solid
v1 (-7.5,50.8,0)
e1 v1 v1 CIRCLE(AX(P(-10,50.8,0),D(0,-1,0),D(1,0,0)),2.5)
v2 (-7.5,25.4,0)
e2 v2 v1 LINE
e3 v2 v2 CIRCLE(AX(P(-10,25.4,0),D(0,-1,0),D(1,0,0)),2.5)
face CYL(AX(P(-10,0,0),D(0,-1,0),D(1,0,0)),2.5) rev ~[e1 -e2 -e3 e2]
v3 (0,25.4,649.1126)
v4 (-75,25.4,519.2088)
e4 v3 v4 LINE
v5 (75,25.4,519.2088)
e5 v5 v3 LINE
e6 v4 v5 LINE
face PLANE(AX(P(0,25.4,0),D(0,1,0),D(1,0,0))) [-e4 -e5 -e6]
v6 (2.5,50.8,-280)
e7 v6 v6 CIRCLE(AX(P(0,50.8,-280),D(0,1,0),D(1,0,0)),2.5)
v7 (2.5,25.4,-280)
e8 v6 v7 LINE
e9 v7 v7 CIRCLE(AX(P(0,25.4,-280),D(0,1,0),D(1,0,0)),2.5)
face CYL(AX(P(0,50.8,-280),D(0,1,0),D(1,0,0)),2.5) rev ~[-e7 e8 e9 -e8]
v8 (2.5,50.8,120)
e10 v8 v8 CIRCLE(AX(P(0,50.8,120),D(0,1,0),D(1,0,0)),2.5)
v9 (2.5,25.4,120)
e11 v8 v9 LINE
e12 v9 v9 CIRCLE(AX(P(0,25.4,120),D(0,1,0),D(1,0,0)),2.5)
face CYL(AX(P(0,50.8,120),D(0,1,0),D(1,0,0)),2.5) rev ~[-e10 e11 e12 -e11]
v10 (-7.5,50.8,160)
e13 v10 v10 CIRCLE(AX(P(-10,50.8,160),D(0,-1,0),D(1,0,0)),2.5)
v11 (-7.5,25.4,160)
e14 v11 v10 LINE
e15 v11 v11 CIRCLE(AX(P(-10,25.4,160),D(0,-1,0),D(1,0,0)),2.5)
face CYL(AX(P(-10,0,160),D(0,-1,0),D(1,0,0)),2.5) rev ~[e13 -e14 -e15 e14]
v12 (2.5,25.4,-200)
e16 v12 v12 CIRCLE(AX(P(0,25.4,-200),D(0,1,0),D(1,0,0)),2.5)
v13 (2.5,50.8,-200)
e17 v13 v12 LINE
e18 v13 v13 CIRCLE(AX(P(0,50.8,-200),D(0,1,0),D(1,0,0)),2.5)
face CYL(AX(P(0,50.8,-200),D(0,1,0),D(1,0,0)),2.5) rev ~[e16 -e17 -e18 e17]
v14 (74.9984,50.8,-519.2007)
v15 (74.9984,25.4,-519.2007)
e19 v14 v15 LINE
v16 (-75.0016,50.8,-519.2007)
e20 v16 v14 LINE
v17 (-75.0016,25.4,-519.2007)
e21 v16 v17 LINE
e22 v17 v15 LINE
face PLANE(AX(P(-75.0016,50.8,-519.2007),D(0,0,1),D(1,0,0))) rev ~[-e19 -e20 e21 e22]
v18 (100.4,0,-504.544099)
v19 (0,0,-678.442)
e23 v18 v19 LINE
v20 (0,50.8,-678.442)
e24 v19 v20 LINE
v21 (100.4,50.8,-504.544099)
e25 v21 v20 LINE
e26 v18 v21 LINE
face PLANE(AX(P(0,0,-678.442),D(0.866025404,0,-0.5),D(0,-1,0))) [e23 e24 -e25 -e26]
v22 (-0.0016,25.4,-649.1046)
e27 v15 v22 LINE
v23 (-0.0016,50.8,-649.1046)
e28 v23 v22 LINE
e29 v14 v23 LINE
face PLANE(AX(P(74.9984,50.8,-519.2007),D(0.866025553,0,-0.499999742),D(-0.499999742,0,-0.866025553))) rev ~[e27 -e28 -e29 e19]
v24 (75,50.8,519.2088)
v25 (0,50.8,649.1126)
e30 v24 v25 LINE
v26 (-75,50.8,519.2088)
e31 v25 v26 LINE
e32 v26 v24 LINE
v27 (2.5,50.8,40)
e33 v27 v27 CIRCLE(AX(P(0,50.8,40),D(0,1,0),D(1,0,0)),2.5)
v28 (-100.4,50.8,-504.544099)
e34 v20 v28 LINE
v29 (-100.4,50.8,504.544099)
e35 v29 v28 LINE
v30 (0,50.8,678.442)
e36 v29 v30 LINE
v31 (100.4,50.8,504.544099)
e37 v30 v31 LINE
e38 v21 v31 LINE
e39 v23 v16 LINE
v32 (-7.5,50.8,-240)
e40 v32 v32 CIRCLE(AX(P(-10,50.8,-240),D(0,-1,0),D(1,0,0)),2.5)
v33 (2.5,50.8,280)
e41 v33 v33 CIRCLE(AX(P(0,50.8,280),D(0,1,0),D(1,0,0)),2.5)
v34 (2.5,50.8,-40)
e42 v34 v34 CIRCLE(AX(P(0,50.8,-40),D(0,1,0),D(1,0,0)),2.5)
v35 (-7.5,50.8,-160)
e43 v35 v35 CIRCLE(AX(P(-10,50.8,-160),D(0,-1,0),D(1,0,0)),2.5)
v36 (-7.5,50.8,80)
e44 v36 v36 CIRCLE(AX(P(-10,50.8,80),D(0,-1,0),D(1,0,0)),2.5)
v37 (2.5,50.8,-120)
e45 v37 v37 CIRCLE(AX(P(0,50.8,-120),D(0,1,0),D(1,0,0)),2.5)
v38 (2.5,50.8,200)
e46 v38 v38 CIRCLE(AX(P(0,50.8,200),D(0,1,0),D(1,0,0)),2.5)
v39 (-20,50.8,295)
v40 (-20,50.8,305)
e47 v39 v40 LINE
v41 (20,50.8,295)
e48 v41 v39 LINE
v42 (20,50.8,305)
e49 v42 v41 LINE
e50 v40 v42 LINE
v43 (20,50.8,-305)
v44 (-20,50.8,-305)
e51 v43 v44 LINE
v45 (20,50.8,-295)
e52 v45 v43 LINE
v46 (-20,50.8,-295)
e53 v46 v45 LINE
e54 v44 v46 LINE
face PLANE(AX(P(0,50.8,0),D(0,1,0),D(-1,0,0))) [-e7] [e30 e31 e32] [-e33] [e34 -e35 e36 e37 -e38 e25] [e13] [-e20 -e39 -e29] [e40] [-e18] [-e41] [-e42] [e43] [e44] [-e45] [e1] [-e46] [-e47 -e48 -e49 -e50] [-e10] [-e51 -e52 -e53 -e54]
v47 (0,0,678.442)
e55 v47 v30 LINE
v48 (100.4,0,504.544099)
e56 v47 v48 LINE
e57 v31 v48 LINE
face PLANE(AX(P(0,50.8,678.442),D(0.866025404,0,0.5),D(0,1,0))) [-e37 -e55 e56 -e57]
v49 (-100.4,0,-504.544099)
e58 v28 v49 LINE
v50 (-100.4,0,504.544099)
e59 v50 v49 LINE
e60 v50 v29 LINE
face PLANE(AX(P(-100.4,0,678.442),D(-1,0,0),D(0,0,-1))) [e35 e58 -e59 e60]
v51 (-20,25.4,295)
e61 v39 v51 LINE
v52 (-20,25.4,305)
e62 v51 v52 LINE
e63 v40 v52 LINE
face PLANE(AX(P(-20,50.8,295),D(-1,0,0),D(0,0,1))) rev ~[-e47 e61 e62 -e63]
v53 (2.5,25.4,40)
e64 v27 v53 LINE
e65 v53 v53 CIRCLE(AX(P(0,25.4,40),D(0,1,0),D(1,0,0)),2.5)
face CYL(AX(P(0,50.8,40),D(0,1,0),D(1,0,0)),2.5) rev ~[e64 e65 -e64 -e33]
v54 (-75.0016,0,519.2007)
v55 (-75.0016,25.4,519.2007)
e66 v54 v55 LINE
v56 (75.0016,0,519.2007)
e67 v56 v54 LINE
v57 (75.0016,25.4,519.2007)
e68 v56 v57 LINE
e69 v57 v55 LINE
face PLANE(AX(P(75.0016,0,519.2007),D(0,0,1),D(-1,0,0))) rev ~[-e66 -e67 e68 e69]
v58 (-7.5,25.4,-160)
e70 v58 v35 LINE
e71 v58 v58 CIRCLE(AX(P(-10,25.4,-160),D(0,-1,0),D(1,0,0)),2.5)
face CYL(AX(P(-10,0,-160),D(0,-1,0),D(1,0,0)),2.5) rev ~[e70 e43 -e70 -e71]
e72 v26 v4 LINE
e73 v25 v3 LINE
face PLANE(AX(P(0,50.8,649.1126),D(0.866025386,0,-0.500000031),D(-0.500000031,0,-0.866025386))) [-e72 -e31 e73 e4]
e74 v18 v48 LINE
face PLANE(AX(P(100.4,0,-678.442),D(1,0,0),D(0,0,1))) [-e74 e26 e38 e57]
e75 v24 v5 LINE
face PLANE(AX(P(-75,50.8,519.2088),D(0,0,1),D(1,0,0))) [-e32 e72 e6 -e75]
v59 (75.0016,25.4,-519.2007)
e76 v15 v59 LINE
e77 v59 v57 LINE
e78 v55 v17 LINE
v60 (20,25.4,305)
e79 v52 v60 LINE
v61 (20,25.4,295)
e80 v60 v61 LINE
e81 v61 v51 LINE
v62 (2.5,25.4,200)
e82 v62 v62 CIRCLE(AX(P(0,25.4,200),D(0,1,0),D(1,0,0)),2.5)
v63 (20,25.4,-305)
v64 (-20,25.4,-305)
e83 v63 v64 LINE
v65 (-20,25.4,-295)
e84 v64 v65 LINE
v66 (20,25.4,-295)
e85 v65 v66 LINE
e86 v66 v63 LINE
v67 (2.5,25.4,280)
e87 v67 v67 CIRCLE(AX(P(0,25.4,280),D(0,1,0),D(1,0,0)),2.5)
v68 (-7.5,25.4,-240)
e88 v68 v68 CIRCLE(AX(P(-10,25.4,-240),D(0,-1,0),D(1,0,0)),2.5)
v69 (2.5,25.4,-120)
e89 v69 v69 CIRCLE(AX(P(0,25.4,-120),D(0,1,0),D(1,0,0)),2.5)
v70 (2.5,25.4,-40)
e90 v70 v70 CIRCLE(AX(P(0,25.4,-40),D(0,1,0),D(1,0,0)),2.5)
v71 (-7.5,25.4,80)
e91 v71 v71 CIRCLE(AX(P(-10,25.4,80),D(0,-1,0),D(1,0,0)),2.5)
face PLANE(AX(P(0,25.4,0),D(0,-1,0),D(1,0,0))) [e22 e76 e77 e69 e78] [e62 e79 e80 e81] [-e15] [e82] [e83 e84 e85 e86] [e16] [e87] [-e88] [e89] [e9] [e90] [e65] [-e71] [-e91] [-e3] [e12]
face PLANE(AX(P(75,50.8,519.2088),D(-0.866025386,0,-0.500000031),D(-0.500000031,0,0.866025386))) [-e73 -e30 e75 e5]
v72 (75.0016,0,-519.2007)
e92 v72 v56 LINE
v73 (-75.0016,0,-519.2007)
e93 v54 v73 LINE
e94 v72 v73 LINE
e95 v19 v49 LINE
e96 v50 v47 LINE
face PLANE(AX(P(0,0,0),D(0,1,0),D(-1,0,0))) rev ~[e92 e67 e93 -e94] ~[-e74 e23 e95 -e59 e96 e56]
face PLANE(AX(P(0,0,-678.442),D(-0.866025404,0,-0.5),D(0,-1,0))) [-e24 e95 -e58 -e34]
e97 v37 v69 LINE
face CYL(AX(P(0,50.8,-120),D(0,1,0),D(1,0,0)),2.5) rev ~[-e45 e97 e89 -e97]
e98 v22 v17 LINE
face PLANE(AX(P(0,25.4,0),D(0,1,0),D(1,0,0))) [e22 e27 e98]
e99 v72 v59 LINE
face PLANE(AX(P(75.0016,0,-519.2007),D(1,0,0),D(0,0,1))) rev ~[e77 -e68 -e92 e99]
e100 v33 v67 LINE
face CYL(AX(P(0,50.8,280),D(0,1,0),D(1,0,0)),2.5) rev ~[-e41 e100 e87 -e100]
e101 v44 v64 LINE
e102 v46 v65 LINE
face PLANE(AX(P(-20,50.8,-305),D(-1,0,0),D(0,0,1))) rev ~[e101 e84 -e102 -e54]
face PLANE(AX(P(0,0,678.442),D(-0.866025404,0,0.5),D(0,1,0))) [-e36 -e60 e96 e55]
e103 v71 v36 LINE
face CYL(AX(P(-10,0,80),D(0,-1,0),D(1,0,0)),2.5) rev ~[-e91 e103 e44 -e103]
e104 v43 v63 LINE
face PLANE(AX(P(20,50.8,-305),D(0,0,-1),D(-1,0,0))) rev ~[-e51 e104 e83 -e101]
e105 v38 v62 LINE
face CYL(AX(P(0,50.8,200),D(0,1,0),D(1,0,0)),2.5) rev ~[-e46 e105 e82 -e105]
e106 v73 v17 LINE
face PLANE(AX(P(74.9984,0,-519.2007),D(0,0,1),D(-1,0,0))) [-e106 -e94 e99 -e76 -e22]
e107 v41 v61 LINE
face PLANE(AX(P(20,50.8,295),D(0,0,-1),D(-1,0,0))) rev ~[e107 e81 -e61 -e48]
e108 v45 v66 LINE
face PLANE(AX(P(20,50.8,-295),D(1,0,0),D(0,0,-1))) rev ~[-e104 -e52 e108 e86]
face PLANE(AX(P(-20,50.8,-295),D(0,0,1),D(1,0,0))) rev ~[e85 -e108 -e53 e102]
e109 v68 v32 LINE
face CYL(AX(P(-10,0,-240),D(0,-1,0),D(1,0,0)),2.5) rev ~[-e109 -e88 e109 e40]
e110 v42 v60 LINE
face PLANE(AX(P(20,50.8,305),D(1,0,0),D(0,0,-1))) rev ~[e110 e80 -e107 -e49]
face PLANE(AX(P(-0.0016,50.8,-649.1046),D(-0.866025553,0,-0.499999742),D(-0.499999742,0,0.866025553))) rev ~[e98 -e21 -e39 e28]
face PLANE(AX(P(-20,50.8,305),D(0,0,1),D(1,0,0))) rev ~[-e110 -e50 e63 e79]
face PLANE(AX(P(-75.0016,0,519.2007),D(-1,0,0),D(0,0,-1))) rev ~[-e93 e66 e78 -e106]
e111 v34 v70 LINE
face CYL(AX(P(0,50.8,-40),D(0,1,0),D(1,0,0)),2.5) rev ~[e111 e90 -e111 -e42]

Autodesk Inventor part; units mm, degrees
sketch "Sketch1" plane through (0, 0, 0) normal (0, 1, 0) x (-1, 0, 0)
  line L0 (-100.4, 678.442) -> (100.4, 678.442)
  line L1 (100.4, 678.442) -> (100.4, -678.442)
  line L2 (100.4, -678.442) -> (-100.4, -678.442)
  line L3 (-100.4, -678.442) -> (-100.4, 678.442)
  line L4 (-100.4, 678.442) -> (100.4, -678.442) construction
  line L5 (100.4, 678.442) -> (-100.4, -678.442) construction
  point P0 (0, 0)
  dimension "d0" = 200.8
  dimension "d1" = 1356.884
extrude "Extrusion1" add sketch "Sketch1" along normal blind 50.8
sketch "Sketch2" plane through (0, 50.8, 0) normal (0, 1, 0) x (1, 0, 0)
  line L0 (-100.4, -678.442) -> (100.4, -678.442) projected
  line L1 (0, -678.442) -> (-100.4, -504.5441)
  line L2 (0, -678.442) -> (200.8, -678.442) construction
  line L3 (-100.4, -504.5441) -> (100.4, -504.5441)
  line L4 (100.4, -678.442) -> (100.4, 678.442) projected
  line L5 (0, -678.442) -> (100.4, -504.5441)
  line L6 (0, 678.442) -> (-100.4062, 504.5334)
  line L7 (0, 678.442) -> (200.8124, 678.442) construction
  line L8 (-100.4062, 504.5334) -> (100.4, 504.5334)
  line L9 (0, 678.442) -> (100.4, 504.5334)
  point P0 (0, 0)
  dimension "d10" = 150
  dimension "d11" = 150
  dimension "d12" = 60
  dimension "d4" = 200.8
  dimension "d5" = 120
  dimension "d6" = 200.8124
  dimension "d7" = 120
ref_plane "Work Plane1" through (0, 50.8, 678.442) normal (0.866, 0, 0.5) x (0, -1, 0)
split "Split1" plane through (0, 50.8, 678.442) removes the side toward (0.866, 0, 0.5)
ref_plane "Work Plane2" through (0, 0, 678.442) normal (-0.866, 0, 0.5) x (0, 1, 0)
ref_plane "Work Plane3" through (0, 0, -678.442) normal (0.866, 0, 0.5) x (0, 1, 0)
split "Split2" plane through (0, 0, -678.442) removes the side toward (-0.866, 0, -0.5)
split "Split3" plane through (0, 0, 678.442) removes the side toward (-0.866, 0, 0.5)
ref_plane "Work Plane4" through (0, 0, -678.442) normal (0.866, 0, -0.5) x (0, 1, 0)
split "Split4" plane through (0, 0, -678.442) removes the side toward (0.866, 0, -0.5)
sketch "Sketch3" plane through (0, 50.8, 0) normal (0, 1, 0) x (1, 0, 0)
  line L0 (-75, -519.2088) -> (75, -519.2088)
  line L1 (75, -519.2088) -> (0, -649.1126)
  line L2 (0, -649.1126) -> (-75, -519.2088)
  line L3 (-75.0016, 519.2007) -> (74.9984, 519.2007)
  line L4 (74.9984, 519.2007) -> (-0.0016, 649.1046)
  line L5 (-0.0016, 649.1046) -> (-75.0016, 519.2007)
  circle A0 centre (-0.0016, 562.502) radius 43.3013
  circle A1 centre (-0.0016, 562.502) radius 57.9687
  point P0 (0, 0)
  dimension "d6" = 200.8124
  dimension "d7" = 120
  dimension "d8" = 150
  dimension "d9" = 150
  dimension "d10" = 150
  dimension "d11" = 150
  dimension "d12" = 60
sketch "Sketch4" plane through (0, 50.8, 0) normal (0, 1, 0) x (1, 0, 0)
  point P0 (0, 0)
sketch "Sketch5" plane through (0, 50.8, 0) normal (0, 1, 0) x (1, 0, 0)
  point P0 (0, 0)
extrude "Extrusion2" cut sketch "Sketch3" against normal blind 25.4 contours L0 L1 L2
sketch "Sketch6" plane through (0, 50.8, 0) normal (0, 1, 0) x (1, 0, 0)
  line L0 (-75.0016, 519.2007) -> (74.9984, 519.2007)
  line L1 (74.9984, 519.2007) -> (-0.0016, 649.1046)
  line L2 (-0.0016, 649.1046) -> (-75.0016, 519.2007)
  point P0 (0, 0)
  dimension "d15" = 150
  dimension "d16" = 150
extrude "Extrusion3" cut sketch "Sketch6" against normal blind 25.4
sketch "Sketch11" plane through (0, 50.8, 0) normal (0, 1, 0) x (1, 0, 0)
  line L0 (-20, 295) -> (20, 295)
  line L1 (20, 295) -> (20, 305)
  line L2 (20, 305) -> (-20, 305)
  line L3 (-20, 305) -> (-20, 295)
  line L4 (-20, 295) -> (20, 305) construction
  line L5 (20, 295) -> (-20, 305) construction
  point P0 (0, 0)
  point P1 (0, 300)
  dimension "d42" = 40
  dimension "d43" = 10
extrude "Extrusion6" cut sketch "Sketch11" against normal blind 50.8
sketch "Sketch12" plane through (0, 50.8, 0) normal (0, 1, 0) x (1, 0, 0)
  line L0 (-20, -305) -> (20, -305)
  line L1 (20, -305) -> (20, -295)
  line L2 (20, -295) -> (-20, -295)
  line L3 (-20, -295) -> (-20, -305)
  line L4 (-20, -305) -> (20, -295) construction
  line L5 (20, -305) -> (-20, -295) construction
  point P0 (0, 0)
  point P1 (0, -300)
  dimension "d46" = 40
  dimension "d47" = 10
extrude "Extrusion7" cut sketch "Sketch12" against normal blind 50.8
sketch "Sketch13" plane through (0, 50.8, 0) normal (0, 1, 0) x (1, 0, 0)
  circle A0 centre (0, -40) radius 2.5
  circle A1 centre (0, -120) radius 2.5
  circle A2 centre (0, -200) radius 2.5
  circle A3 centre (0, -280) radius 2.5
  circle A4 centre (0, 40) radius 2.5
  circle A5 centre (0, 100) radius 2.5
  circle A6 centre (0, 200) radius 2.5
  point P0 (0, 0)
  dimension "d50" = 5
  dimension "d51" = 5
  dimension "d52" = 5
  dimension "d53" = 5
  dimension "d54" = 5
  dimension "d55" = 5
  dimension "d56" = 5
extrude "Extrusion8" cut sketch "Sketch13" against normal blind 50.8 contours A3
sketch "Sketch14" plane through (0, 50.8, 0) normal (0, 1, 0) x (1, 0, 0)
  circle A0 centre (0, -200) radius 2.5
  point P0 (0, 0)
  dimension "d59" = 5
extrude "Extrusion9" cut sketch "Sketch14" against normal blind 50.8
sketch "Sketch15" plane through (0, 50.8, 0) normal (0, 1, 0) x (1, 0, 0)
  circle A0 centre (0, -120) radius 2.5
  point P0 (0, 0)
  dimension "d62" = 5
extrude "Extrusion10" cut sketch "Sketch15" against normal blind 50.8
sketch "Sketch16" plane through (0, 50.8, 0) normal (0, 1, 0) x (1, 0, 0)
  circle A0 centre (0, -40) radius 2.5
  circle A1 centre (0, 40) radius 2.5
  point P0 (0, 0)
  dimension "d65" = 5
  dimension "d66" = 5
extrude "Extrusion11" cut sketch "Sketch16" against normal blind 50.8
sketch "Sketch17" plane through (0, 50.8, 0) normal (0, 1, 0) x (1, 0, 0)
  circle A0 centre (0, 120) radius 2.5
  circle A1 centre (0, 200) radius 2.5
  circle A2 centre (0, 280) radius 2.5
  point P0 (0, 0)
  dimension "d69" = 5
  dimension "d70" = 5
  dimension "d71" = 5
extrude "Extrusion12" cut sketch "Sketch17" against normal blind 50.8
sketch "Sketch18" plane through (0, 0, 0) normal (0, -1, 0) x (1, 0, 0)
  circle A0 centre (-10, -240) radius 2.5
  circle A1 centre (-10, -160) radius 2.5
  circle A2 centre (-10, 0) radius 2.5
  circle A3 centre (-10, 80) radius 2.5
  circle A4 centre (-10, 160) radius 2.5
  point P0 (0, 0)
  dimension "d74" = 5
  dimension "d75" = 5
  dimension "d76" = 5
  dimension "d77" = 5
  dimension "d78" = 5
extrude "Extrusion13" cut sketch "Sketch18" against normal blind 50.8
sketch "Sketch19" plane through (0, 0, 0) normal (0, -1, 0) x (1, 0, 0)
  line L0 (74.9984, -519.2007) -> (-75.0016, -519.2007) projected
  line L1 (75.0016, 519.2007) -> (-75.0016, 519.2007)
  line L2 (-75.0016, 519.2007) -> (-75.0016, -519.2007)
  line L3 (-75.0016, -519.2007) -> (75.0016, -519.2007)
  line L4 (75.0016, -519.2007) -> (75.0016, 519.2007)
  line L5 (75.0016, 519.2007) -> (-75.0016, -519.2007) construction
  line L6 (-75.0016, 519.2007) -> (75.0016, -519.2007) construction
  point P0 (0, 0)
extrude "Extrusion14" cut sketch "Sketch19" against normal blind 25.4
properties part number "top"
